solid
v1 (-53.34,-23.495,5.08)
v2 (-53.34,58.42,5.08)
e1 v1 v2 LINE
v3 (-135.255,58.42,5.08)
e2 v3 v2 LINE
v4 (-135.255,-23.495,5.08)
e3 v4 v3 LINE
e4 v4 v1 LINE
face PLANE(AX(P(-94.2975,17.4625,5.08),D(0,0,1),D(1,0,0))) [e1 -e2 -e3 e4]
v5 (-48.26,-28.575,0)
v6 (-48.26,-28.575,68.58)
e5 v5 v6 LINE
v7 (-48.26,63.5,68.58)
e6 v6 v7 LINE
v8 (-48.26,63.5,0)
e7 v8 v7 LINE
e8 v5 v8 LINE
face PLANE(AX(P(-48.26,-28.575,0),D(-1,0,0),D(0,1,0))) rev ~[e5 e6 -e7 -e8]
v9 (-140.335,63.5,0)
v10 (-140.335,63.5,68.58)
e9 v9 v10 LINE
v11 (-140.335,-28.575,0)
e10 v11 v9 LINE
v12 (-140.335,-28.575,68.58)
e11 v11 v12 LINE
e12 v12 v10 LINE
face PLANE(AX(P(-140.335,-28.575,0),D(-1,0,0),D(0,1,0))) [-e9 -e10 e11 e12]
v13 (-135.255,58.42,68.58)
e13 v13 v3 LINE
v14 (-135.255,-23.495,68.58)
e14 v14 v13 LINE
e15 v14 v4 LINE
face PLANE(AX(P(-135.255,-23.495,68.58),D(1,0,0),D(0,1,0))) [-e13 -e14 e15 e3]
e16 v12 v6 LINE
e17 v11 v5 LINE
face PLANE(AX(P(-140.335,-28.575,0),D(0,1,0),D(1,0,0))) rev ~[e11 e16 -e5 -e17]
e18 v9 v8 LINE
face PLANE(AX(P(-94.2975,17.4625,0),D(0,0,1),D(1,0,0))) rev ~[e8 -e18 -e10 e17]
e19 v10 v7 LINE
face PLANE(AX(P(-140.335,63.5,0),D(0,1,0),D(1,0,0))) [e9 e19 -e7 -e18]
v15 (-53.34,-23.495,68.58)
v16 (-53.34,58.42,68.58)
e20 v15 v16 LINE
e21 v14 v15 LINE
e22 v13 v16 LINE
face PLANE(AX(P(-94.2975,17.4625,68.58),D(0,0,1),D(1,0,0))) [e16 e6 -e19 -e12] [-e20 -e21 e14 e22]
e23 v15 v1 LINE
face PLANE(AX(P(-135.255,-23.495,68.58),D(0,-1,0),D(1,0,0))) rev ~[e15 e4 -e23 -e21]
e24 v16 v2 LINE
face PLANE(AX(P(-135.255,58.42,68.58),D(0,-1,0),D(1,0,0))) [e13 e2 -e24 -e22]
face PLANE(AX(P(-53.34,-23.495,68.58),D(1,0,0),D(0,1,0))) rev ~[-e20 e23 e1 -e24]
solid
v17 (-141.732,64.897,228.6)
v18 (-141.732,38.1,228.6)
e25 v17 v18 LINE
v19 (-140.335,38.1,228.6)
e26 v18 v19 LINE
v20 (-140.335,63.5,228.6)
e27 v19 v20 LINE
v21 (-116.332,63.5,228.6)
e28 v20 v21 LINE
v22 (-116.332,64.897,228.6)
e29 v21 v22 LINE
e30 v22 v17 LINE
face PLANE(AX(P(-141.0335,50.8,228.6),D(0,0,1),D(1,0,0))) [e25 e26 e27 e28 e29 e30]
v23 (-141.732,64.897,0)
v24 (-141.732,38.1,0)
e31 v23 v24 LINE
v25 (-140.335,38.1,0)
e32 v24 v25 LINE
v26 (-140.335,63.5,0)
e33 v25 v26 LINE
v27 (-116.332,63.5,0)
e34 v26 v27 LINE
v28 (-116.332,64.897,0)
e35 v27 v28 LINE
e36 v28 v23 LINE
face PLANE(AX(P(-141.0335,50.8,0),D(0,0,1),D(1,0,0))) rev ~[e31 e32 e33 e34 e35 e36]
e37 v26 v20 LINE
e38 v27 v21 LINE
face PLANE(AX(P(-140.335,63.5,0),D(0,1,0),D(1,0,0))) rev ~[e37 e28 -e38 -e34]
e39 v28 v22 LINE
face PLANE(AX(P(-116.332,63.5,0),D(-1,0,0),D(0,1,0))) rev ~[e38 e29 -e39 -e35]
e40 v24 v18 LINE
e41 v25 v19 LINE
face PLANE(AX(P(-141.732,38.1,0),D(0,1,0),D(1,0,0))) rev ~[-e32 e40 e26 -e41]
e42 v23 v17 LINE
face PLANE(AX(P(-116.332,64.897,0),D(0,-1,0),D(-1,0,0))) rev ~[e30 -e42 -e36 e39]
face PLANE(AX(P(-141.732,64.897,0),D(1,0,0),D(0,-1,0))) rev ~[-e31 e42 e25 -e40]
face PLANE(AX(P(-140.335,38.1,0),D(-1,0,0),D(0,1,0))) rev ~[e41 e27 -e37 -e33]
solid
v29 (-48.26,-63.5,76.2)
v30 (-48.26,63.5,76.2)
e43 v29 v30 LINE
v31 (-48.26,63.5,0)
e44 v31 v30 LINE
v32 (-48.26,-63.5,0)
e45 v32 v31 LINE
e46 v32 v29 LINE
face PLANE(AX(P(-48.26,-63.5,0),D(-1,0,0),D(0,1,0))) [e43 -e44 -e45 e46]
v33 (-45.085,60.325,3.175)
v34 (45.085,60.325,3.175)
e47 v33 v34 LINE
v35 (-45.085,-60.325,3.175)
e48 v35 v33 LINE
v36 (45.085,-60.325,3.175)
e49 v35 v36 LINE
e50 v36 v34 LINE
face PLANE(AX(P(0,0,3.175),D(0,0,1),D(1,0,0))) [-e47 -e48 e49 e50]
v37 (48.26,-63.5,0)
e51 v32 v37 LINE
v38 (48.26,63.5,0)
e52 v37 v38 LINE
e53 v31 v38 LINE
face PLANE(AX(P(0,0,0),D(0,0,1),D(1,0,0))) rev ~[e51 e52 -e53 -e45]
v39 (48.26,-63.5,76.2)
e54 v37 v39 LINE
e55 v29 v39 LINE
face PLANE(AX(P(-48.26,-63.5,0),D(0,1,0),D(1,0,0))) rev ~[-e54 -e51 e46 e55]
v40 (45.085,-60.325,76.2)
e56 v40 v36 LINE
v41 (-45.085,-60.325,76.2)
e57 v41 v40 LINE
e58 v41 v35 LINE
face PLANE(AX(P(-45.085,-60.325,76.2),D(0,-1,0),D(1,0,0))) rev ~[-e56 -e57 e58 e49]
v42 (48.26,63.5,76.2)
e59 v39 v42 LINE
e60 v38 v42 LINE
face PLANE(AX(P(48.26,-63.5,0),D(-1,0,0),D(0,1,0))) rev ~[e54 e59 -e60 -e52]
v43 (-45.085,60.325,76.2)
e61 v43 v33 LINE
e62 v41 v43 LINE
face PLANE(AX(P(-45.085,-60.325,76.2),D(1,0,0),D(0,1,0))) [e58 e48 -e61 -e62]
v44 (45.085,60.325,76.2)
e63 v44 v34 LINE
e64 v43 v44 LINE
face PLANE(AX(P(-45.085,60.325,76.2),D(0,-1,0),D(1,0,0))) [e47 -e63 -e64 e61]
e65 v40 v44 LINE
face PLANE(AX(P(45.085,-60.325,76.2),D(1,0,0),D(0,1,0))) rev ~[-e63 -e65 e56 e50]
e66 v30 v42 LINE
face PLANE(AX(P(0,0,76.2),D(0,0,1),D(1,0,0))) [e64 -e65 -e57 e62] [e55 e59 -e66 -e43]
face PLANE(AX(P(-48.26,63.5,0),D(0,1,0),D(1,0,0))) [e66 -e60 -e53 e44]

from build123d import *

# Parameters (mm, degrees)
F0_W     = 96.52
F0_H     = 127
F1_DEPTH = 76.2
F2_W     = 90.17
F2_H     = 120.65
F3_DEPTH = 73.025
F4_W     = 92.075
F4_H     = 92.075
F5_DEPTH = 68.58
F6_W     = 81.915
F6_H     = 81.915
F7_DEPTH = 63.5
F8_W     = 1.397
F8_H     = 25.4
F9_DEPTH = 228.6


with BuildPart() as f1:
    # F0 (on Top) → F1 (new body)
    with BuildSketch(Plane.XY):
        Rectangle(F0_W, F0_H)
    extrude(amount=F1_DEPTH)

    # F2 (on face) → F3 (cut)
    with BuildSketch(Plane.XY.offset(76.2)):
        Rectangle(F2_W, F2_H)
    extrude(amount=-F3_DEPTH, mode=Mode.SUBTRACT)


with BuildPart() as f5:
    # F4 (on Top) → F5 (new body)
    with BuildSketch(Plane.XY):
        with Locations((-94.2975, 17.4625)):
            Rectangle(F4_W, F4_H)
    extrude(amount=F5_DEPTH)

    # F6 (on face) → F7 (cut)
    with BuildSketch(Plane.XY.offset(68.58)):
        with Locations((-94.2975, 17.4625)):
            Rectangle(F6_W, F6_H)
    extrude(amount=-F7_DEPTH, mode=Mode.SUBTRACT)


with BuildPart() as f9:
    # F8 (on Top) → F9 (new body)
    with BuildSketch(Plane.XY):
        with Locations((-141.0335, 50.8)):
            Rectangle(F8_W, F8_H)
        Polygon((-141.732, 63.5), (-140.335, 63.5), (-116.332, 63.5), (-116.332, 64.897), (-141.732, 64.897), align=None)
    extrude(amount=F9_DEPTH)


solid = Compound([f1.part, f5.part, f9.part])
